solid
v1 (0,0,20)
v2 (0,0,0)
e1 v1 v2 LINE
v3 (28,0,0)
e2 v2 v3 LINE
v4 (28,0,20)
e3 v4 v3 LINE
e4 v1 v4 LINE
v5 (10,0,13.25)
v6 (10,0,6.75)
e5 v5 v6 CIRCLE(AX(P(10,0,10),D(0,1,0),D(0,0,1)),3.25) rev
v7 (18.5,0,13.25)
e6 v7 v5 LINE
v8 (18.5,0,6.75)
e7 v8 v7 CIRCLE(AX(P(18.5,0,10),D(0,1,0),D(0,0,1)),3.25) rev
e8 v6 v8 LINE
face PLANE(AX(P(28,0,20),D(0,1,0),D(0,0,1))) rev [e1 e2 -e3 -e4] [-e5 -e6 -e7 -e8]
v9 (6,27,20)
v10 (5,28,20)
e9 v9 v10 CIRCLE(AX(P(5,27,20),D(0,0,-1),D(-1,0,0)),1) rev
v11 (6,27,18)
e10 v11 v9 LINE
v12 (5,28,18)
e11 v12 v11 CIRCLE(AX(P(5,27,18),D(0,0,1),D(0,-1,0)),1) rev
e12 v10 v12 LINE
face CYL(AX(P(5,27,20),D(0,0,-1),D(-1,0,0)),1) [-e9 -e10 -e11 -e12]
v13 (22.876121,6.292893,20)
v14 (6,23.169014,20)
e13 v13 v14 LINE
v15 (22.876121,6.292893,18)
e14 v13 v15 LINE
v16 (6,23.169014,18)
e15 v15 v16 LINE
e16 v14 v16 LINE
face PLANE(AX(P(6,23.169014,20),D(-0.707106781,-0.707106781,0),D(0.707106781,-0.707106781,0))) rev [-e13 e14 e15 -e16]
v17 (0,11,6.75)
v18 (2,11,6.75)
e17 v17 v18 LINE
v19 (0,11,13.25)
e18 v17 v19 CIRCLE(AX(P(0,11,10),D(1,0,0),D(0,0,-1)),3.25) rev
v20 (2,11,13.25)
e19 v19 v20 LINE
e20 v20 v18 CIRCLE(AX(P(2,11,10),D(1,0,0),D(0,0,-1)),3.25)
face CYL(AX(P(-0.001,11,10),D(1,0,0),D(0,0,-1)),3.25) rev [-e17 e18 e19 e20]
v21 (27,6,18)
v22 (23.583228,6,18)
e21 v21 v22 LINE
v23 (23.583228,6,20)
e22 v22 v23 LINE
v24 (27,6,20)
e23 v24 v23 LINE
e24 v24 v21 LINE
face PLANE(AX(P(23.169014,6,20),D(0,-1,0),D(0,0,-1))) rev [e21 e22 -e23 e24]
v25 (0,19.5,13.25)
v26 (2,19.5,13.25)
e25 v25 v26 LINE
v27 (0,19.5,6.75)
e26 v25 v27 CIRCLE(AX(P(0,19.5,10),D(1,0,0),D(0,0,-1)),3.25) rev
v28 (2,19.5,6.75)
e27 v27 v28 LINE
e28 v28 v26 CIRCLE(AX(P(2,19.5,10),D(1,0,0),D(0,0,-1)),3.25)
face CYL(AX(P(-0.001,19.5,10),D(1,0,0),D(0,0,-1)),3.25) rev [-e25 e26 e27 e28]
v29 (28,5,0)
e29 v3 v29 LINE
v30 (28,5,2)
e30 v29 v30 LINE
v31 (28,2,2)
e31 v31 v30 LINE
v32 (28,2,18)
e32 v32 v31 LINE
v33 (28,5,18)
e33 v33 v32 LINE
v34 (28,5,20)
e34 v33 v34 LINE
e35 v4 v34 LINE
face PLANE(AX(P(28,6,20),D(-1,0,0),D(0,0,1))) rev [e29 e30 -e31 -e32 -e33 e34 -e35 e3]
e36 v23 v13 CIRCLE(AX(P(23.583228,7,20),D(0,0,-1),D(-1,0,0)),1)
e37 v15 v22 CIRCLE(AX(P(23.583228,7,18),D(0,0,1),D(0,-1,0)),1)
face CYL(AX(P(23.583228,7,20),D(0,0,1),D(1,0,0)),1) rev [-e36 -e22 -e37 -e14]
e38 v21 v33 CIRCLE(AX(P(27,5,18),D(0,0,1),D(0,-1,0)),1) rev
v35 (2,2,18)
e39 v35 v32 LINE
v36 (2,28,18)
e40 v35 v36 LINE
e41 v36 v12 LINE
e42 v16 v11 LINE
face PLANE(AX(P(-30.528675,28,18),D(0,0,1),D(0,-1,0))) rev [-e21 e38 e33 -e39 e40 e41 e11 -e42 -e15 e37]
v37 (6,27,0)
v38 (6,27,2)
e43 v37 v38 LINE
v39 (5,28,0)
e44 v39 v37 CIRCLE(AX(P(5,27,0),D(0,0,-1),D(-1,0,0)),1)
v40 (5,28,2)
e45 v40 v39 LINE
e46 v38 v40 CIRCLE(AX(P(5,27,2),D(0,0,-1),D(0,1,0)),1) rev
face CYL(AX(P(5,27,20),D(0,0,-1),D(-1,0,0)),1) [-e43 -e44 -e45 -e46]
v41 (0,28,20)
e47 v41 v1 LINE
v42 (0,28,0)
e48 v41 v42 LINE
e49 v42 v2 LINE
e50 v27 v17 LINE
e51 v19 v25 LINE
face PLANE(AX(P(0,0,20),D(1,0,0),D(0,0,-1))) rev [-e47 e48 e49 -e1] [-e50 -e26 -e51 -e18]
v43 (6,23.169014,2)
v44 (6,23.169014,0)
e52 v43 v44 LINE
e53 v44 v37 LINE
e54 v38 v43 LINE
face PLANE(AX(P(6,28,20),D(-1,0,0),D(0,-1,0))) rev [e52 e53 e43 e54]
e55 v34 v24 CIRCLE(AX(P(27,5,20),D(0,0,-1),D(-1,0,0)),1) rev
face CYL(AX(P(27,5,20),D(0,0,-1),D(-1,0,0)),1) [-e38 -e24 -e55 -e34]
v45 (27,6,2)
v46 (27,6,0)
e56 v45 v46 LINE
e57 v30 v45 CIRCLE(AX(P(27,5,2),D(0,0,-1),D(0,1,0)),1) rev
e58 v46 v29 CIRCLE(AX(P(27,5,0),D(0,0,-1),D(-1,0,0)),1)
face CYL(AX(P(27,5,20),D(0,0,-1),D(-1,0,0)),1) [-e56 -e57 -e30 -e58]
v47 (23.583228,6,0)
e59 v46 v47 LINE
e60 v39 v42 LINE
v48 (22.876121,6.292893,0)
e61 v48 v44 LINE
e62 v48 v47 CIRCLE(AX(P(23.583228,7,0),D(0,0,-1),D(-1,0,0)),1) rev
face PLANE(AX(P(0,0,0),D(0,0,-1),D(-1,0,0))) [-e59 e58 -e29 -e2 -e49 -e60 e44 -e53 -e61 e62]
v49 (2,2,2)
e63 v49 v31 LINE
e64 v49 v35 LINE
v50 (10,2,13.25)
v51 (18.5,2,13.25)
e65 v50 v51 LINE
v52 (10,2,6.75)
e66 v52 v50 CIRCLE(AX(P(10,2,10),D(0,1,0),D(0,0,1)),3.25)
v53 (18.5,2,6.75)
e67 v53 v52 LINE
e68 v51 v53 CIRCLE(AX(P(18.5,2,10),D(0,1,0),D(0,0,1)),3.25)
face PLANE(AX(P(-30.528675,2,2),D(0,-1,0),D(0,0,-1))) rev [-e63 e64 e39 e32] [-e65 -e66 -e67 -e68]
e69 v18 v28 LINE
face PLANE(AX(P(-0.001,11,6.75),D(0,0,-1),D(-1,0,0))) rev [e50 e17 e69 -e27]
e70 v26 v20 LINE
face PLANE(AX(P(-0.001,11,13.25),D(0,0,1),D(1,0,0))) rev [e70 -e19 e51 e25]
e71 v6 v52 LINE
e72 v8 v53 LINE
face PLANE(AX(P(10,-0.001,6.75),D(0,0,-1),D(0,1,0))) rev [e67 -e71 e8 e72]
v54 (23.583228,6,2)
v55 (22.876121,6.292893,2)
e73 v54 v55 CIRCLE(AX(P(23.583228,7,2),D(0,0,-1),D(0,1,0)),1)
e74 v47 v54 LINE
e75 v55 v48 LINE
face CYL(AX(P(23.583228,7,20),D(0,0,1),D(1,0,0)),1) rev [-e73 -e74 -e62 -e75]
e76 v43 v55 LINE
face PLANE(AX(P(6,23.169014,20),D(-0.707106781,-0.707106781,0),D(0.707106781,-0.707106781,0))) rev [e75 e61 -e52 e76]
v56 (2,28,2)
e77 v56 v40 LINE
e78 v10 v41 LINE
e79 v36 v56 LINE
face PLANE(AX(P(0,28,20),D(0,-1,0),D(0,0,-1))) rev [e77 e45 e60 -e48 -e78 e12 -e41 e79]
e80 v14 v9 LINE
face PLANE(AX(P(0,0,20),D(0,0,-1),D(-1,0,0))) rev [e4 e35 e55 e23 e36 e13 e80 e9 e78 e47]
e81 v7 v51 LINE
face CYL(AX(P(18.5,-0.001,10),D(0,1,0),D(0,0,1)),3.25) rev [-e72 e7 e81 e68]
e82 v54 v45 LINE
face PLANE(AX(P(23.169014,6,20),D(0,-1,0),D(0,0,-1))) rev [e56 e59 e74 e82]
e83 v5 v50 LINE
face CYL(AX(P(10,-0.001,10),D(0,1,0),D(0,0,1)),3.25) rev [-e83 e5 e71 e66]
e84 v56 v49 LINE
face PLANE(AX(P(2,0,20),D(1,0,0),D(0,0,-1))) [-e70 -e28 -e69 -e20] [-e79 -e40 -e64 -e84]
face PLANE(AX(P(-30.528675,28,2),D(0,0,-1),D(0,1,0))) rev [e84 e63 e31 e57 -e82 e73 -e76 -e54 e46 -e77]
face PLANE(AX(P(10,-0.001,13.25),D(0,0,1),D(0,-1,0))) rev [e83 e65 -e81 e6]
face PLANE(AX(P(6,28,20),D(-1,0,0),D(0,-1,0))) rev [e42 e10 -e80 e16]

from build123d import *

# Parameters (mm, degrees)
EXTRUDE_1_DEPTH     = 20
SKETCH_2_W          = 16
SKETCH_2_H          = 26
CUT_EXTRUDE_1_DEPTH = 26
CUT_EXTRUDE_2_REACH = 4
CUT_EXTRUDE_3_REACH = 4
FILLET_1_R          = 1


with BuildPart() as part:
    # 草图1 → 凸台-拉伸1 (new body)
    with BuildSketch(Plane.XY):
        Polygon((0, 0), (0, 28), (6, 28), (6, 23.169014085), (23.169014085, 6), (28, 6), (28, 0), align=None)
    extrude(amount=EXTRUDE_1_DEPTH)

    # 草图2 → 切除-拉伸1 (cut)
    with BuildSketch(Plane(origin=(28, 0, 0), x_dir=(0, 0, -1), z_dir=(1, 0, 0))):
        with Locations((-10, 15)):
            Rectangle(SKETCH_2_W, SKETCH_2_H)
    extrude(amount=-CUT_EXTRUDE_1_DEPTH, mode=Mode.SUBTRACT)

    # 草图3 → 切除-拉伸2 (cut, up to next)
    with BuildSketch(Plane(origin=(2, 0, 0), x_dir=(0, 0, -1), z_dir=(1, 0, 0)), mode=Mode.PRIVATE) as cut_extrude_2_sk1:
        with BuildLine():
            Line((-13.25, 11), (-13.25, 19.5))
            ThreePointArc((-13.25, 19.5), (-10, 22.75), (-6.75, 19.5))
            Line((-6.75, 19.5), (-6.75, 11))
            ThreePointArc((-6.75, 11), (-10, 7.75), (-13.25, 11))
        make_face()
    cut_extrude_2_tool1 = extrude(cut_extrude_2_sk1.sketch, amount=-CUT_EXTRUDE_2_REACH, mode=Mode.PRIVATE) & part.part
    add(cut_extrude_2_tool1.solids().sort_by_distance((2, 15.25, 10))[0], mode=Mode.SUBTRACT)

    # 草图4 → 切除-拉伸3 (cut, up to next)
    with BuildSketch(Plane(origin=(0, 2, 2), x_dir=(1, 0, 0), z_dir=(0, 1, 0)), mode=Mode.PRIVATE) as cut_extrude_3_sk1:
        with BuildLine():
            Line((10, -4.75), (18.5, -4.75))
            ThreePointArc((18.5, -4.75), (21.75, -8), (18.5, -11.25))
            Line((18.5, -11.25), (10, -11.25))
            ThreePointArc((10, -11.25), (6.75, -8), (10, -4.75))
        make_face()
    cut_extrude_3_tool1 = extrude(cut_extrude_3_sk1.sketch, amount=-CUT_EXTRUDE_3_REACH, mode=Mode.PRIVATE) & part.part
    add(cut_extrude_3_tool1.solids().sort_by_distance((14.25, 2, 10))[0], mode=Mode.SUBTRACT)

    # 圆角1
    fillet_1_edges = [part.edges().sort_by_distance(p)[0] for p in [
        (6, 28, 19),
        (23.169014085, 6, 19),
        (28, 6, 19),
        (6, 28, 1),
        (23.169014085, 6, 1),
        (28, 6, 1),
    ]]
    fillet(fillet_1_edges, radius=FILLET_1_R)


solid = part.part
